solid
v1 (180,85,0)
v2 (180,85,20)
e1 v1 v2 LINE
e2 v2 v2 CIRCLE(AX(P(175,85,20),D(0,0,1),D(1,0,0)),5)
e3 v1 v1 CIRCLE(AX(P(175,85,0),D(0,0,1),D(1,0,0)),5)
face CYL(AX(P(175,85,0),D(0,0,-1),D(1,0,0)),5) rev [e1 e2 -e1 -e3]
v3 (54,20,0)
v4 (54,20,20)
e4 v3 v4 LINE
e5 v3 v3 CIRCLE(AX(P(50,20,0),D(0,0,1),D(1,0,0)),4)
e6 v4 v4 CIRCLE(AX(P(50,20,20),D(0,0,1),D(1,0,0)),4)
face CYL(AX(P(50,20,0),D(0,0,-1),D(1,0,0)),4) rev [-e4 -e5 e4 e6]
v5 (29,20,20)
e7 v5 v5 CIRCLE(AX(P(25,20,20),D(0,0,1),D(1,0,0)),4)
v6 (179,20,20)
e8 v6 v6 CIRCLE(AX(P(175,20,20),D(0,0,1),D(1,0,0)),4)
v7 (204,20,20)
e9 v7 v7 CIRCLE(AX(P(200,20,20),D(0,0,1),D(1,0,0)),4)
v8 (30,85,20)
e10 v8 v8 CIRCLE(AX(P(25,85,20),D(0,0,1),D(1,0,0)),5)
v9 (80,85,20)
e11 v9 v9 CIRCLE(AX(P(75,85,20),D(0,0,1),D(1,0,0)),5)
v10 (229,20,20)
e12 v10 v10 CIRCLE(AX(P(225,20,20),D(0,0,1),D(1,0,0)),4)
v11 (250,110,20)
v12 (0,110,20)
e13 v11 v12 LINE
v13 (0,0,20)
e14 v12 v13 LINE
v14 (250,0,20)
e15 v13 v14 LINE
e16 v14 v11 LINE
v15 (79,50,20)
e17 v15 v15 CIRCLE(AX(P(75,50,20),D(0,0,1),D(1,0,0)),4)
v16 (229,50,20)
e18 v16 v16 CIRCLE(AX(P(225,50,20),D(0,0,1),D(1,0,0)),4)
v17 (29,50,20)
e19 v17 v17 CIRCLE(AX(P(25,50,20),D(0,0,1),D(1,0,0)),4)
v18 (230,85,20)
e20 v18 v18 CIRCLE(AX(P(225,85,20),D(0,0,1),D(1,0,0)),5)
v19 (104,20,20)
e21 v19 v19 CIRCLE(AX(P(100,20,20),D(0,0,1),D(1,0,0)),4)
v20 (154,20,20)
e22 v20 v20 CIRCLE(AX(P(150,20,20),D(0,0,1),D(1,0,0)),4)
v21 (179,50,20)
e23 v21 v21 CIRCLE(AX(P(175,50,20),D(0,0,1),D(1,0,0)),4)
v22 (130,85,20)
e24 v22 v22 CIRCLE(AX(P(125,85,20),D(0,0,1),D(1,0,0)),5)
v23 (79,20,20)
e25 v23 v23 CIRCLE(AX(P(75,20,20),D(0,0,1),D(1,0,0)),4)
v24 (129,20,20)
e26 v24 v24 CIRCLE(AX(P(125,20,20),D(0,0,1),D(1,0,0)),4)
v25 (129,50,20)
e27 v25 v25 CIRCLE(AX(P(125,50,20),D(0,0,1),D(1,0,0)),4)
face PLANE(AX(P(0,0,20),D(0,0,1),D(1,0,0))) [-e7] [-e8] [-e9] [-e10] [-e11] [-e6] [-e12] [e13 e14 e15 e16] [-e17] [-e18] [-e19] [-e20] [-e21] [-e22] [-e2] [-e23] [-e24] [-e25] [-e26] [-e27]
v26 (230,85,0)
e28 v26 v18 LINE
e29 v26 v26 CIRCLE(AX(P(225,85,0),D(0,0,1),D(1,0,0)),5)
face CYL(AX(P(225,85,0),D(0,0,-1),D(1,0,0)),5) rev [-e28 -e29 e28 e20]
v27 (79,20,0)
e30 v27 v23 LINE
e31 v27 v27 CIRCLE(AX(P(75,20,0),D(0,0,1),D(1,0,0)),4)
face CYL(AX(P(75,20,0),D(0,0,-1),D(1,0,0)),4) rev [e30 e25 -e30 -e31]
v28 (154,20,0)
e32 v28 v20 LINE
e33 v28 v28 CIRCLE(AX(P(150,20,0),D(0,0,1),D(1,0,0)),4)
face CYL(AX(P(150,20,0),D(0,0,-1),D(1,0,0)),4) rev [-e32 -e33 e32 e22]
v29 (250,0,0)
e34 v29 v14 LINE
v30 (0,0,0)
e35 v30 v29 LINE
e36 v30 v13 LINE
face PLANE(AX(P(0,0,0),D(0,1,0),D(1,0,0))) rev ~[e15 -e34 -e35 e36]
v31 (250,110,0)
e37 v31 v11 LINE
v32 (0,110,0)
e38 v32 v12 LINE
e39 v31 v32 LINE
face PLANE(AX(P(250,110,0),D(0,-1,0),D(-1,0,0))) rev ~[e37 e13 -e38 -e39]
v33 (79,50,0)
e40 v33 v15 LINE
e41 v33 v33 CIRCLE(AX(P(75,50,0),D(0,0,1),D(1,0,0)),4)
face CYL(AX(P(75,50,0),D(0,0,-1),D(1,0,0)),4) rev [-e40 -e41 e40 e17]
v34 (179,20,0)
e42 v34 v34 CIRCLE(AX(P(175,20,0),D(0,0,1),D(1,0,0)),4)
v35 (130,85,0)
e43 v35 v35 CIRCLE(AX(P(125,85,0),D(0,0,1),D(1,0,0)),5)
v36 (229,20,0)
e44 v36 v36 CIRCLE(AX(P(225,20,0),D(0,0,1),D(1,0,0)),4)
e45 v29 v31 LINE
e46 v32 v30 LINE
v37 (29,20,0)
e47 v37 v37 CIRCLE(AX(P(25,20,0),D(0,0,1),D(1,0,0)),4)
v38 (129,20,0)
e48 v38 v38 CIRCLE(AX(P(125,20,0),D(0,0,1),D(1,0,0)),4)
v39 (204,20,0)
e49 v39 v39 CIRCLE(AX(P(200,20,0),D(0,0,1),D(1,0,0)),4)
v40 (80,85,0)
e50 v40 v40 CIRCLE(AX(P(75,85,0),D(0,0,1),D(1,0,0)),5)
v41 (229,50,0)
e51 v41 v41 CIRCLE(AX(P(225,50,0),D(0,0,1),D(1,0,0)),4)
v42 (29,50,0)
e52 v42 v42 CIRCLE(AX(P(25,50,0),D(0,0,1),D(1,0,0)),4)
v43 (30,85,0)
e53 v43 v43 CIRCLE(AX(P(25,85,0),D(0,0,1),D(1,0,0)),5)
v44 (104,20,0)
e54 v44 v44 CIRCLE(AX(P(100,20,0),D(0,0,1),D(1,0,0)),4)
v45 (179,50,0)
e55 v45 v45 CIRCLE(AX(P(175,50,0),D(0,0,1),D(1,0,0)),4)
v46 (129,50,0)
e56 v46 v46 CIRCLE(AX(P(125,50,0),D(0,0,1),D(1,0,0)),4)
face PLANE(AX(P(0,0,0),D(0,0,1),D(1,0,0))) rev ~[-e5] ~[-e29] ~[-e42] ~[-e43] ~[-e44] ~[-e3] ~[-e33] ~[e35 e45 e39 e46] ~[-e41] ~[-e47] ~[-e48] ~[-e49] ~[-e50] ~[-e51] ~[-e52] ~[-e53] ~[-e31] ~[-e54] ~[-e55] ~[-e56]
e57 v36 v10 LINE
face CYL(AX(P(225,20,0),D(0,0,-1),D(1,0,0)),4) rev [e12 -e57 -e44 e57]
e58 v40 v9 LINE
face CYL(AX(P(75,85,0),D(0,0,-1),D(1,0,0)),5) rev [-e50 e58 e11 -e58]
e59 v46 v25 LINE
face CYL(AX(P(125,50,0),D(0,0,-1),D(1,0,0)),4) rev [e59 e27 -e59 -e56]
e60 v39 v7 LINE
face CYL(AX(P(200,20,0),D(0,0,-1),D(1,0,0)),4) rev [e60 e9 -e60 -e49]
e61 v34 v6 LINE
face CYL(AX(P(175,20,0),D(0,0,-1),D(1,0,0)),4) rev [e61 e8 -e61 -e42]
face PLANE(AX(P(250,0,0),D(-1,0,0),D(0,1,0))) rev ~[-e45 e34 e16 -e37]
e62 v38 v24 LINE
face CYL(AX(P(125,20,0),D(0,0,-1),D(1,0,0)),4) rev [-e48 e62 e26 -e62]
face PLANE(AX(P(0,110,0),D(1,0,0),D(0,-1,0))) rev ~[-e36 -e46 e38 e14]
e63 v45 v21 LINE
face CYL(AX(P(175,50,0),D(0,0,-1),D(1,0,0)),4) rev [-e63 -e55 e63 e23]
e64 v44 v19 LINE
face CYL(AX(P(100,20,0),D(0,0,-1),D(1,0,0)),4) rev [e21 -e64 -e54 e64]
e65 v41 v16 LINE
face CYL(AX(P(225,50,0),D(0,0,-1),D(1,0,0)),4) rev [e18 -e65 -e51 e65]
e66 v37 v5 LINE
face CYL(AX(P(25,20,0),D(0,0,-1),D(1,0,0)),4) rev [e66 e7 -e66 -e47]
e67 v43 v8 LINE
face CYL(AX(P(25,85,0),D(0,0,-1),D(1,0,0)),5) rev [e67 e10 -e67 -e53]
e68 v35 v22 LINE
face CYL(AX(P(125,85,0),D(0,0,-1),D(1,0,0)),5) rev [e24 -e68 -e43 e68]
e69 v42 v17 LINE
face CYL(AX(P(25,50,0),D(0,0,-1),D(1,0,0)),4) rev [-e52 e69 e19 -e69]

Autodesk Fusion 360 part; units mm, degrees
sketch "スケッチ1" plane through (0, 0, 0) normal (0, 0, 1) x (1, 0, 0)
  line L0 (0, 0) -> (250, 0)
  line L1 (250, 0) -> (250, 110)
  line L2 (250, 110) -> (0, 110)
  line L3 (0, 110) -> (0, 0)
  circle A0 centre (25, 20) radius 4
  circle A1 centre (25, 85) radius 5
  circle A2 centre (75, 85) radius 5
  circle A3 centre (125, 85) radius 5
  circle A4 centre (175, 85) radius 5
  circle A5 centre (225, 85) radius 5
  circle A6 centre (50, 20) radius 4
  circle A7 centre (75, 20) radius 4
  circle A8 centre (100, 20) radius 4
  circle A9 centre (125, 20) radius 4
  circle A10 centre (150, 20) radius 4
  circle A11 centre (175, 20) radius 4
  circle A12 centre (200, 20) radius 4
  circle A13 centre (225, 20) radius 4
  circle A14 centre (75, 50) radius 4
  circle A15 centre (25, 50) radius 4
  circle A16 centre (125, 50) radius 4
  circle A17 centre (175, 50) radius 4
  circle A18 centre (225, 50) radius 4
  dimension "d1" = 110
  dimension "d2" = 250
  dimension "d3" = 8
  dimension "d4" = 10
  dimension "d7" = 50
  dimension "d8" = 0
  dimension "d11" = 25
  dimension "d12" = 0
  dimension "d15" = -30
  dimension "d16" = 30
  dimension "d17" = 25
  dimension "d18" = 25
  dimension "d19" = 20
  dimension "d20" = 25
extrude "押し出し1" add sketch "スケッチ1" along normal blind 20
